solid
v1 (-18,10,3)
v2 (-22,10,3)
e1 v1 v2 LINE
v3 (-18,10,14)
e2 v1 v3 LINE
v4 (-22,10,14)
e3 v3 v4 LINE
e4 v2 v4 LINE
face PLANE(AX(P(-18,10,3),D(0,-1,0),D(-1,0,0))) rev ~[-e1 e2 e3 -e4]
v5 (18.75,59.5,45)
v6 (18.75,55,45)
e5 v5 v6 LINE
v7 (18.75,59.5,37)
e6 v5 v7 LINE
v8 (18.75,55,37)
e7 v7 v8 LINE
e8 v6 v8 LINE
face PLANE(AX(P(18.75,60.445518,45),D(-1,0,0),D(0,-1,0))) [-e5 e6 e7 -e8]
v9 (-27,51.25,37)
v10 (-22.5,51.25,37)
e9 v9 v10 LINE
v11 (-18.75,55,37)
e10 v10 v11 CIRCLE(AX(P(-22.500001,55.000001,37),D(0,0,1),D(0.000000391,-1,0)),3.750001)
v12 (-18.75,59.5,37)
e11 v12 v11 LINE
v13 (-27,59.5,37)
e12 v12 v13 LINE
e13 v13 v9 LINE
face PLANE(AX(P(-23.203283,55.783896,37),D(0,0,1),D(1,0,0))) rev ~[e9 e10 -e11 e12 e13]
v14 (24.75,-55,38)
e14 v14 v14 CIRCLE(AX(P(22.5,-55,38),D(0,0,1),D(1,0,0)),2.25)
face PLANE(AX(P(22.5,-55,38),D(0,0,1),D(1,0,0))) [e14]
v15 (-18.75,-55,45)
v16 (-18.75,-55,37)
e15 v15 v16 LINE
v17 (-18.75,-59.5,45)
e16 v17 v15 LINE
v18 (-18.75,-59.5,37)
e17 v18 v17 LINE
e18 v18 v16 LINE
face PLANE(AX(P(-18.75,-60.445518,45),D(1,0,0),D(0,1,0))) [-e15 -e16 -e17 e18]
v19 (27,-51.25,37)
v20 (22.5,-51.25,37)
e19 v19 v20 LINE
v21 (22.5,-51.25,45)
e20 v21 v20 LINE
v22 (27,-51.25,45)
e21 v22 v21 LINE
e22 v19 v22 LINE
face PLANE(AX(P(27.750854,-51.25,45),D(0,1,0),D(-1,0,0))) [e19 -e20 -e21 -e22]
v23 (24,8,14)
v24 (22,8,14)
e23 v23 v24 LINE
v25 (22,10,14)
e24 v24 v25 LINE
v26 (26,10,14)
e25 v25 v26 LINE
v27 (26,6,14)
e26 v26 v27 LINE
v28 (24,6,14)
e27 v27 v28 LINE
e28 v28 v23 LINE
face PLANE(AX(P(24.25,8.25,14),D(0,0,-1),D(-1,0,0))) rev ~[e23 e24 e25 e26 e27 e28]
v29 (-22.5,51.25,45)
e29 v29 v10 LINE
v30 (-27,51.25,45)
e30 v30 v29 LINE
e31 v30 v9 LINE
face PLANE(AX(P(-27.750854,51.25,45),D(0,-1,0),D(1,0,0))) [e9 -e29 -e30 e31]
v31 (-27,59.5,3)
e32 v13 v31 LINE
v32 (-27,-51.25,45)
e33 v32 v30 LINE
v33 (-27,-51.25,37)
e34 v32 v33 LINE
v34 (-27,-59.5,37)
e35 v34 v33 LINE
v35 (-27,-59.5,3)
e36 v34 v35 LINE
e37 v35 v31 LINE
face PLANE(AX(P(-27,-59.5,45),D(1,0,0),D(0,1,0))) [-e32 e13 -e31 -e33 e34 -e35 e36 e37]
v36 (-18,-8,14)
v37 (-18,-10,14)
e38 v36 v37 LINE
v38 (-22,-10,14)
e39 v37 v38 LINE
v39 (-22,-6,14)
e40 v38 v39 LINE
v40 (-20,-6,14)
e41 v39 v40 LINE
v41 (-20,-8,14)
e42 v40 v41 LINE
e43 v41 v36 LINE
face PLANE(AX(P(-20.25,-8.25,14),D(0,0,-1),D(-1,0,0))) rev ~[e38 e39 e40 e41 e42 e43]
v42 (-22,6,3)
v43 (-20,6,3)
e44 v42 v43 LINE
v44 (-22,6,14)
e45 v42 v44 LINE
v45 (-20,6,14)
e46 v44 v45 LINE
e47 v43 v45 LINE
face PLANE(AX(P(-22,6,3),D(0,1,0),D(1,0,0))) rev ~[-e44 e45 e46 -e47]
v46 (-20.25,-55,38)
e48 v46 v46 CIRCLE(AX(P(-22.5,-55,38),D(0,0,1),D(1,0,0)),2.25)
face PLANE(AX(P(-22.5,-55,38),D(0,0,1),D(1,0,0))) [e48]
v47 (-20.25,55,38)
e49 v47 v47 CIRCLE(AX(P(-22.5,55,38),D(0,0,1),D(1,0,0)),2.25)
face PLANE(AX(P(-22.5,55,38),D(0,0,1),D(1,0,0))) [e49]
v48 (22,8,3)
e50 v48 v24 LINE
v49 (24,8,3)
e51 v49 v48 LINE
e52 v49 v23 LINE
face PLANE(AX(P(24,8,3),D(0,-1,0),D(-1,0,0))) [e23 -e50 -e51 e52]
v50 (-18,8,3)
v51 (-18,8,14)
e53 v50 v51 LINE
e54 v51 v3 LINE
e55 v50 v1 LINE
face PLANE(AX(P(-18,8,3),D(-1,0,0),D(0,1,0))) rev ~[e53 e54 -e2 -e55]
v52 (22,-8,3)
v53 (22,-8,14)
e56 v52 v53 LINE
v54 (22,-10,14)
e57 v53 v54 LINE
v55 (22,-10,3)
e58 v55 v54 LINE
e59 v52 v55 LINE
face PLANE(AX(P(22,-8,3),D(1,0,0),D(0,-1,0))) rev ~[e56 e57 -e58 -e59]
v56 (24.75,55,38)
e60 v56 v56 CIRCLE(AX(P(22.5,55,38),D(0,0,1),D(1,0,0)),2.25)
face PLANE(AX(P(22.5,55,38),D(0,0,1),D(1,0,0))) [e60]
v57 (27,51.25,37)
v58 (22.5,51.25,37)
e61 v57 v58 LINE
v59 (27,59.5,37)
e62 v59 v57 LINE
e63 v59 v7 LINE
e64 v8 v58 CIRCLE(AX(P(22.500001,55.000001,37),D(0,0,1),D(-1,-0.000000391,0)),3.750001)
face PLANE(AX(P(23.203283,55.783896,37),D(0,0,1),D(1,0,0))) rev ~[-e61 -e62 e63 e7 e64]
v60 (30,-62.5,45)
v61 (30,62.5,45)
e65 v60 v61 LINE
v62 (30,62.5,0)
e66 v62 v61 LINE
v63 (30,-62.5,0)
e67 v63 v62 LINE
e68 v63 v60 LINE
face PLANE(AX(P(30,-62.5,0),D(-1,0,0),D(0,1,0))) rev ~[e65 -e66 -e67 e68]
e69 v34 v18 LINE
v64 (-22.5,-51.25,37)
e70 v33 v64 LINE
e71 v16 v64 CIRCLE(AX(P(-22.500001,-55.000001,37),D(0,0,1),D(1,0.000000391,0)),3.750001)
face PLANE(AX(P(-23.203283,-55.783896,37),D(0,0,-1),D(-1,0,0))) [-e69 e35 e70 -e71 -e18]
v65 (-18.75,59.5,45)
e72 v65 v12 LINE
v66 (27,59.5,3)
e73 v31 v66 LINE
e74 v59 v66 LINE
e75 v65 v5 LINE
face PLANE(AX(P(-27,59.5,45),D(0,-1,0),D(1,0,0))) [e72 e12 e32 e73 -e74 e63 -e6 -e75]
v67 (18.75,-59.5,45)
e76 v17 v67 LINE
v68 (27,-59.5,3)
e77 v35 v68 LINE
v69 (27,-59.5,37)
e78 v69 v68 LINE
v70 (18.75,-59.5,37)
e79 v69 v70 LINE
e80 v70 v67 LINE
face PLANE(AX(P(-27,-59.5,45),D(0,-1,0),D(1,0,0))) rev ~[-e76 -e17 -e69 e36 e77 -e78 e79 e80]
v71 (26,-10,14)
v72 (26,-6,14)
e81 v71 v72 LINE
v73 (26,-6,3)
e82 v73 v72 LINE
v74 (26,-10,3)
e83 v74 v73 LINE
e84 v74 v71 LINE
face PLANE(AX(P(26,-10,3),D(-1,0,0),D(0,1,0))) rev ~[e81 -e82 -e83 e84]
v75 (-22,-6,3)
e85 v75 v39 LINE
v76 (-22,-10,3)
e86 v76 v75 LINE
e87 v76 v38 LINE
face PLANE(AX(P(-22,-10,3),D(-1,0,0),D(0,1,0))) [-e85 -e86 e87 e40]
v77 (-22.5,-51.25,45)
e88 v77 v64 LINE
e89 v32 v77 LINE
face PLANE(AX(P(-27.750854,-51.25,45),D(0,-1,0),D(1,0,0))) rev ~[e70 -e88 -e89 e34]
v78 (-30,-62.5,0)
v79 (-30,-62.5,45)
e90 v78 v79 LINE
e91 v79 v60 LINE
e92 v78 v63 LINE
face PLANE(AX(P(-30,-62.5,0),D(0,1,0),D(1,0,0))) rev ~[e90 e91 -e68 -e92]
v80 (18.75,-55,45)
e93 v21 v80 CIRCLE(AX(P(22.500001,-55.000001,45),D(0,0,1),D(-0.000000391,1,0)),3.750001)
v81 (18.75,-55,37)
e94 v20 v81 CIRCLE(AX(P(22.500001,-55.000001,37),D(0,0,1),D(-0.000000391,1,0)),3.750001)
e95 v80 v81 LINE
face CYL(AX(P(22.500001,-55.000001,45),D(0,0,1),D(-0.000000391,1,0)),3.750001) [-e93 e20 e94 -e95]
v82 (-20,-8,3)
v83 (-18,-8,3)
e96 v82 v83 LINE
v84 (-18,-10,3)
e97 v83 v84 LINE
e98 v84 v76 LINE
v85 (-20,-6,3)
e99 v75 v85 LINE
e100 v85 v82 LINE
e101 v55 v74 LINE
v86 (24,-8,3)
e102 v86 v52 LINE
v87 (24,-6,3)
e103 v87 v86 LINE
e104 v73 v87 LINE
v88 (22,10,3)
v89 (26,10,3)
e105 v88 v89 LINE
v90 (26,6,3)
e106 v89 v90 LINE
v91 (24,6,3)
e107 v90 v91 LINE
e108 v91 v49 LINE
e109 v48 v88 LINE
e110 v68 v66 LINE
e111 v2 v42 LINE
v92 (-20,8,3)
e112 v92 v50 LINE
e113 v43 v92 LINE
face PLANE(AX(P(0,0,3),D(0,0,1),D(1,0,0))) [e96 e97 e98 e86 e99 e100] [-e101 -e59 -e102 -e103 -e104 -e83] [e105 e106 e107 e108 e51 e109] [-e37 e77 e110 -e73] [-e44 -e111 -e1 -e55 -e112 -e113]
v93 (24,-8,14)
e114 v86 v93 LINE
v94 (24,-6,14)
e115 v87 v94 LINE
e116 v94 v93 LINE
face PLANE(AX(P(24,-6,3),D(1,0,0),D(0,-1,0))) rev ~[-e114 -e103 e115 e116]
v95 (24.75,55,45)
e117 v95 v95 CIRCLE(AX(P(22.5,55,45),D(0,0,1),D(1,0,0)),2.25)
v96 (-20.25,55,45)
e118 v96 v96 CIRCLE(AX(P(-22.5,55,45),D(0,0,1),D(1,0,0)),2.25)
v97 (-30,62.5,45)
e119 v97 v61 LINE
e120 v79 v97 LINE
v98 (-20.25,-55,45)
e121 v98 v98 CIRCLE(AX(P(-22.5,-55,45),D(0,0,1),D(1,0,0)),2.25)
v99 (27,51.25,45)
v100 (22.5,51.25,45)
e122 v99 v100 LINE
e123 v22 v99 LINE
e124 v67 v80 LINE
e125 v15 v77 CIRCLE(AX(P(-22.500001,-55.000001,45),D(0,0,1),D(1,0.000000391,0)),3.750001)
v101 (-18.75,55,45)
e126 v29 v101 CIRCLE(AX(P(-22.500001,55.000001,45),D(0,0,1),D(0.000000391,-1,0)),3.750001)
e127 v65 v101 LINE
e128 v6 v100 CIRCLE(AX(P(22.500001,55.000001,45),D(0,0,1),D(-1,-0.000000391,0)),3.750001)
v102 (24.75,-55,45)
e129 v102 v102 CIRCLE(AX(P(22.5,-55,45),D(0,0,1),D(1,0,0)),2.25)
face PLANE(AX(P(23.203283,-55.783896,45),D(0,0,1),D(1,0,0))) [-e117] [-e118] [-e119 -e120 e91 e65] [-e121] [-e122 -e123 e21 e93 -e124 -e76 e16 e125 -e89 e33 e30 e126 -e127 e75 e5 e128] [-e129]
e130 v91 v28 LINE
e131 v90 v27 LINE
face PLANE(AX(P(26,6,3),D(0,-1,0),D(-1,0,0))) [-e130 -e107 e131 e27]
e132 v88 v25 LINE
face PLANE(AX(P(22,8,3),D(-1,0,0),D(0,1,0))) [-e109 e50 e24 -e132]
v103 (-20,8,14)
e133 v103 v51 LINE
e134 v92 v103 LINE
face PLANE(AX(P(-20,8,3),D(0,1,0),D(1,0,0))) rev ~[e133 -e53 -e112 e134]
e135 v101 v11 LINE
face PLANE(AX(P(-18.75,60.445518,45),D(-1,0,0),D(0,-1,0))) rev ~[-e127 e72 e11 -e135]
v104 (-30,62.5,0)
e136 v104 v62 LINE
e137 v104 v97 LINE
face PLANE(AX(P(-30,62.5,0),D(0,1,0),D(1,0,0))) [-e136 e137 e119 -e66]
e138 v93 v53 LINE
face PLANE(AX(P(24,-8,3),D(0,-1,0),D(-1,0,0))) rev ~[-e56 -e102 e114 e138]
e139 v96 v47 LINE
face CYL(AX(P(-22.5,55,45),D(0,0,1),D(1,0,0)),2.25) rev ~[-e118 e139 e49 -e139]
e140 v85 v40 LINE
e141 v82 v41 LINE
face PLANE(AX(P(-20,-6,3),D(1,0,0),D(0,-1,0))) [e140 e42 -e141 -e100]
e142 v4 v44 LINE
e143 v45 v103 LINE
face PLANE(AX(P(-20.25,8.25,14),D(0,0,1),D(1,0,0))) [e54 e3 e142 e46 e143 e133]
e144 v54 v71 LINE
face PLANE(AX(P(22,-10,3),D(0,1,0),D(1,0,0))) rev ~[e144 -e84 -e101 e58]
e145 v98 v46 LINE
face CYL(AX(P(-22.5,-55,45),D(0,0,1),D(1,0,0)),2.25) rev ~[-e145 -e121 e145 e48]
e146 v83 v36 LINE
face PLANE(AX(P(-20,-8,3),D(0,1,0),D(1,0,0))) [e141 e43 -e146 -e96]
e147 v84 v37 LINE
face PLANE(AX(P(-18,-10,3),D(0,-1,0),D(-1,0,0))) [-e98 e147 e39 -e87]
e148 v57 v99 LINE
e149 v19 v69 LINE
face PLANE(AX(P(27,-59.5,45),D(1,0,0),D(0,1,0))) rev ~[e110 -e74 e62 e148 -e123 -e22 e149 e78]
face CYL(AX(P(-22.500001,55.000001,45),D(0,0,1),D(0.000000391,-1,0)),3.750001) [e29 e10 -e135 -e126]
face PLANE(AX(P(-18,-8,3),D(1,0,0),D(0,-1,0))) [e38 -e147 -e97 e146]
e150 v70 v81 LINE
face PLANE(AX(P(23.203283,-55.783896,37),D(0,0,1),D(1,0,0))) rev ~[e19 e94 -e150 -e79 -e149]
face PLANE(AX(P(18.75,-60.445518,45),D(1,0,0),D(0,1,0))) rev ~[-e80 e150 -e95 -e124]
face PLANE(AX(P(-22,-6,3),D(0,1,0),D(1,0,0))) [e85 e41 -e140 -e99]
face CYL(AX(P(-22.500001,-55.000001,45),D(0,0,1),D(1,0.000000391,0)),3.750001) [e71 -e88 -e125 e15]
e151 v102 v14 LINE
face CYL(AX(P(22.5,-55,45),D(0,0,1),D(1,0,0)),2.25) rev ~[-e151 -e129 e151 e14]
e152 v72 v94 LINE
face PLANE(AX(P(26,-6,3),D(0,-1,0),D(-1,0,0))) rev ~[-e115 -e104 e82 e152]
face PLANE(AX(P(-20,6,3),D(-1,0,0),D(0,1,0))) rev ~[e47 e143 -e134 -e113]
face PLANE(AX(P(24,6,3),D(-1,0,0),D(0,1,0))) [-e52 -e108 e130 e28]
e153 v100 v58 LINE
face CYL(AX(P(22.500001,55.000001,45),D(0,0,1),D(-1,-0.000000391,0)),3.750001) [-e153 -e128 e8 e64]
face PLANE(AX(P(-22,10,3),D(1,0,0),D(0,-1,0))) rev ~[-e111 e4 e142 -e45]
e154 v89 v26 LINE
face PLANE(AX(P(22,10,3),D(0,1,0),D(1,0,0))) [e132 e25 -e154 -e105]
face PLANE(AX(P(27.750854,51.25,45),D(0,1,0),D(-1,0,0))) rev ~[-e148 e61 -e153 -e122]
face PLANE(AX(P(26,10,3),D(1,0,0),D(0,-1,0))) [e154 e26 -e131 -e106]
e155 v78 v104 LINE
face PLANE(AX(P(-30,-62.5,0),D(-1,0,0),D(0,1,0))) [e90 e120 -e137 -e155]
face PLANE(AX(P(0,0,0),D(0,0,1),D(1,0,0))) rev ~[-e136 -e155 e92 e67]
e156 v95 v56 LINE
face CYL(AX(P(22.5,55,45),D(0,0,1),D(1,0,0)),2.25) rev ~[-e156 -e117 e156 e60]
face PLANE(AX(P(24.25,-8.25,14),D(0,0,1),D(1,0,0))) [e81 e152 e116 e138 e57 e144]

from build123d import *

# Parameters (mm, degrees)
SKETCH_W        = 60
SKETCH_H        = 125
PAD_DEPTH       = 45
SKETCH001_W     = 54
SKETCH001_H     = 119
POCKET_DEPTH    = 42
PAD001_DEPTH    = 8
SKETCH003_R     = 2.25
POCKET001_DEPTH = 7
PAD002_DEPTH    = 11


with BuildPart() as part:
    # Sketch → Pad (new body)
    with BuildSketch(Plane.XY):
        Rectangle(SKETCH_W, SKETCH_H)
    extrude(amount=PAD_DEPTH)

    # Sketch001 (on Face6 of Pad) → Pocket (cut)
    with BuildSketch(Plane.XY.offset(45)):
        Rectangle(SKETCH001_W, SKETCH001_H)
    extrude(amount=-POCKET_DEPTH, mode=Mode.SUBTRACT)

    # Sketch002 (on Face5 of Pocket) → Pad001 (join)
    with BuildSketch(Plane.XY.offset(45)):
        with BuildLine():
            ThreePointArc((22.5, -51.25), (19.84835, -52.34835), (18.75, -55))
            Line((18.75, -60.445518), (18.75, -55))
            Line((18.75, -60.445518), (27, -59.5))
            Line((27.750854, -51.25), (27, -59.5))
            Line((27.750854, -51.25), (22.5, -51.25))
        make_face()
        with BuildLine():
            Line((-18.75, -60.445518), (-27, -59.5))
            Line((-27.750854, -51.25), (-27, -59.5))
            Line((-27.750854, -51.25), (-22.5, -51.25))
            ThreePointArc((-18.75, -55), (-19.84835, -52.34835), (-22.5, -51.25))
            Line((-18.75, -60.445518), (-18.75, -55))
        make_face()
        with BuildLine():
            Line((-18.75, 60.445518), (-27, 59.5))
            Line((-27.750854, 51.25), (-27, 59.5))
            Line((-27.750854, 51.25), (-22.5, 51.25))
            ThreePointArc((-22.5, 51.25), (-19.84835, 52.34835), (-18.75, 55))
            Line((-18.75, 60.445518), (-18.75, 55))
        make_face()
        with BuildLine():
            Line((18.75, 60.445518), (18.75, 55))
            ThreePointArc((18.75, 55), (19.84835, 52.34835), (22.5, 51.25))
            Line((27.750854, 51.25), (22.5, 51.25))
            Line((27.750854, 51.25), (27, 59.5))
            Line((18.75, 60.445518), (27, 59.5))
        make_face()
    extrude(amount=-PAD001_DEPTH)

    # Sketch003 (on Face6 of Pad001) → Pocket001 (cut)
    with BuildSketch(Plane.XY.offset(45)):
        with Locations((22.5, 55)):
            Circle(SKETCH003_R)
        with Locations((-22.5, 55)):
            Circle(SKETCH003_R)
        with Locations((22.5, -55)):
            Circle(SKETCH003_R)
        with Locations((-22.5, -55)):
            Circle(SKETCH003_R)
    extrude(amount=-POCKET001_DEPTH, mode=Mode.SUBTRACT)

    # Sketch004 (on Face32 of Pocket001) → Pad002 (join)
    with BuildSketch(Plane.XY.offset(3)):
        Polygon((-18, 8), (-18, 10), (-22, 10), (-22, 6), (-20, 6), (-20, 8), align=None)
        Polygon((-18, -8), (-18, -10), (-22, -10), (-22, -6), (-20, -6), (-20, -8), align=None)
        Polygon((22, 8), (22, 10), (26, 10), (26, 6), (24, 6), (24, 8), align=None)
        Polygon((22, -8), (22, -10), (26, -10), (26, -6), (24, -6), (24, -8), align=None)
    extrude(amount=PAD002_DEPTH)


solid = part.part
